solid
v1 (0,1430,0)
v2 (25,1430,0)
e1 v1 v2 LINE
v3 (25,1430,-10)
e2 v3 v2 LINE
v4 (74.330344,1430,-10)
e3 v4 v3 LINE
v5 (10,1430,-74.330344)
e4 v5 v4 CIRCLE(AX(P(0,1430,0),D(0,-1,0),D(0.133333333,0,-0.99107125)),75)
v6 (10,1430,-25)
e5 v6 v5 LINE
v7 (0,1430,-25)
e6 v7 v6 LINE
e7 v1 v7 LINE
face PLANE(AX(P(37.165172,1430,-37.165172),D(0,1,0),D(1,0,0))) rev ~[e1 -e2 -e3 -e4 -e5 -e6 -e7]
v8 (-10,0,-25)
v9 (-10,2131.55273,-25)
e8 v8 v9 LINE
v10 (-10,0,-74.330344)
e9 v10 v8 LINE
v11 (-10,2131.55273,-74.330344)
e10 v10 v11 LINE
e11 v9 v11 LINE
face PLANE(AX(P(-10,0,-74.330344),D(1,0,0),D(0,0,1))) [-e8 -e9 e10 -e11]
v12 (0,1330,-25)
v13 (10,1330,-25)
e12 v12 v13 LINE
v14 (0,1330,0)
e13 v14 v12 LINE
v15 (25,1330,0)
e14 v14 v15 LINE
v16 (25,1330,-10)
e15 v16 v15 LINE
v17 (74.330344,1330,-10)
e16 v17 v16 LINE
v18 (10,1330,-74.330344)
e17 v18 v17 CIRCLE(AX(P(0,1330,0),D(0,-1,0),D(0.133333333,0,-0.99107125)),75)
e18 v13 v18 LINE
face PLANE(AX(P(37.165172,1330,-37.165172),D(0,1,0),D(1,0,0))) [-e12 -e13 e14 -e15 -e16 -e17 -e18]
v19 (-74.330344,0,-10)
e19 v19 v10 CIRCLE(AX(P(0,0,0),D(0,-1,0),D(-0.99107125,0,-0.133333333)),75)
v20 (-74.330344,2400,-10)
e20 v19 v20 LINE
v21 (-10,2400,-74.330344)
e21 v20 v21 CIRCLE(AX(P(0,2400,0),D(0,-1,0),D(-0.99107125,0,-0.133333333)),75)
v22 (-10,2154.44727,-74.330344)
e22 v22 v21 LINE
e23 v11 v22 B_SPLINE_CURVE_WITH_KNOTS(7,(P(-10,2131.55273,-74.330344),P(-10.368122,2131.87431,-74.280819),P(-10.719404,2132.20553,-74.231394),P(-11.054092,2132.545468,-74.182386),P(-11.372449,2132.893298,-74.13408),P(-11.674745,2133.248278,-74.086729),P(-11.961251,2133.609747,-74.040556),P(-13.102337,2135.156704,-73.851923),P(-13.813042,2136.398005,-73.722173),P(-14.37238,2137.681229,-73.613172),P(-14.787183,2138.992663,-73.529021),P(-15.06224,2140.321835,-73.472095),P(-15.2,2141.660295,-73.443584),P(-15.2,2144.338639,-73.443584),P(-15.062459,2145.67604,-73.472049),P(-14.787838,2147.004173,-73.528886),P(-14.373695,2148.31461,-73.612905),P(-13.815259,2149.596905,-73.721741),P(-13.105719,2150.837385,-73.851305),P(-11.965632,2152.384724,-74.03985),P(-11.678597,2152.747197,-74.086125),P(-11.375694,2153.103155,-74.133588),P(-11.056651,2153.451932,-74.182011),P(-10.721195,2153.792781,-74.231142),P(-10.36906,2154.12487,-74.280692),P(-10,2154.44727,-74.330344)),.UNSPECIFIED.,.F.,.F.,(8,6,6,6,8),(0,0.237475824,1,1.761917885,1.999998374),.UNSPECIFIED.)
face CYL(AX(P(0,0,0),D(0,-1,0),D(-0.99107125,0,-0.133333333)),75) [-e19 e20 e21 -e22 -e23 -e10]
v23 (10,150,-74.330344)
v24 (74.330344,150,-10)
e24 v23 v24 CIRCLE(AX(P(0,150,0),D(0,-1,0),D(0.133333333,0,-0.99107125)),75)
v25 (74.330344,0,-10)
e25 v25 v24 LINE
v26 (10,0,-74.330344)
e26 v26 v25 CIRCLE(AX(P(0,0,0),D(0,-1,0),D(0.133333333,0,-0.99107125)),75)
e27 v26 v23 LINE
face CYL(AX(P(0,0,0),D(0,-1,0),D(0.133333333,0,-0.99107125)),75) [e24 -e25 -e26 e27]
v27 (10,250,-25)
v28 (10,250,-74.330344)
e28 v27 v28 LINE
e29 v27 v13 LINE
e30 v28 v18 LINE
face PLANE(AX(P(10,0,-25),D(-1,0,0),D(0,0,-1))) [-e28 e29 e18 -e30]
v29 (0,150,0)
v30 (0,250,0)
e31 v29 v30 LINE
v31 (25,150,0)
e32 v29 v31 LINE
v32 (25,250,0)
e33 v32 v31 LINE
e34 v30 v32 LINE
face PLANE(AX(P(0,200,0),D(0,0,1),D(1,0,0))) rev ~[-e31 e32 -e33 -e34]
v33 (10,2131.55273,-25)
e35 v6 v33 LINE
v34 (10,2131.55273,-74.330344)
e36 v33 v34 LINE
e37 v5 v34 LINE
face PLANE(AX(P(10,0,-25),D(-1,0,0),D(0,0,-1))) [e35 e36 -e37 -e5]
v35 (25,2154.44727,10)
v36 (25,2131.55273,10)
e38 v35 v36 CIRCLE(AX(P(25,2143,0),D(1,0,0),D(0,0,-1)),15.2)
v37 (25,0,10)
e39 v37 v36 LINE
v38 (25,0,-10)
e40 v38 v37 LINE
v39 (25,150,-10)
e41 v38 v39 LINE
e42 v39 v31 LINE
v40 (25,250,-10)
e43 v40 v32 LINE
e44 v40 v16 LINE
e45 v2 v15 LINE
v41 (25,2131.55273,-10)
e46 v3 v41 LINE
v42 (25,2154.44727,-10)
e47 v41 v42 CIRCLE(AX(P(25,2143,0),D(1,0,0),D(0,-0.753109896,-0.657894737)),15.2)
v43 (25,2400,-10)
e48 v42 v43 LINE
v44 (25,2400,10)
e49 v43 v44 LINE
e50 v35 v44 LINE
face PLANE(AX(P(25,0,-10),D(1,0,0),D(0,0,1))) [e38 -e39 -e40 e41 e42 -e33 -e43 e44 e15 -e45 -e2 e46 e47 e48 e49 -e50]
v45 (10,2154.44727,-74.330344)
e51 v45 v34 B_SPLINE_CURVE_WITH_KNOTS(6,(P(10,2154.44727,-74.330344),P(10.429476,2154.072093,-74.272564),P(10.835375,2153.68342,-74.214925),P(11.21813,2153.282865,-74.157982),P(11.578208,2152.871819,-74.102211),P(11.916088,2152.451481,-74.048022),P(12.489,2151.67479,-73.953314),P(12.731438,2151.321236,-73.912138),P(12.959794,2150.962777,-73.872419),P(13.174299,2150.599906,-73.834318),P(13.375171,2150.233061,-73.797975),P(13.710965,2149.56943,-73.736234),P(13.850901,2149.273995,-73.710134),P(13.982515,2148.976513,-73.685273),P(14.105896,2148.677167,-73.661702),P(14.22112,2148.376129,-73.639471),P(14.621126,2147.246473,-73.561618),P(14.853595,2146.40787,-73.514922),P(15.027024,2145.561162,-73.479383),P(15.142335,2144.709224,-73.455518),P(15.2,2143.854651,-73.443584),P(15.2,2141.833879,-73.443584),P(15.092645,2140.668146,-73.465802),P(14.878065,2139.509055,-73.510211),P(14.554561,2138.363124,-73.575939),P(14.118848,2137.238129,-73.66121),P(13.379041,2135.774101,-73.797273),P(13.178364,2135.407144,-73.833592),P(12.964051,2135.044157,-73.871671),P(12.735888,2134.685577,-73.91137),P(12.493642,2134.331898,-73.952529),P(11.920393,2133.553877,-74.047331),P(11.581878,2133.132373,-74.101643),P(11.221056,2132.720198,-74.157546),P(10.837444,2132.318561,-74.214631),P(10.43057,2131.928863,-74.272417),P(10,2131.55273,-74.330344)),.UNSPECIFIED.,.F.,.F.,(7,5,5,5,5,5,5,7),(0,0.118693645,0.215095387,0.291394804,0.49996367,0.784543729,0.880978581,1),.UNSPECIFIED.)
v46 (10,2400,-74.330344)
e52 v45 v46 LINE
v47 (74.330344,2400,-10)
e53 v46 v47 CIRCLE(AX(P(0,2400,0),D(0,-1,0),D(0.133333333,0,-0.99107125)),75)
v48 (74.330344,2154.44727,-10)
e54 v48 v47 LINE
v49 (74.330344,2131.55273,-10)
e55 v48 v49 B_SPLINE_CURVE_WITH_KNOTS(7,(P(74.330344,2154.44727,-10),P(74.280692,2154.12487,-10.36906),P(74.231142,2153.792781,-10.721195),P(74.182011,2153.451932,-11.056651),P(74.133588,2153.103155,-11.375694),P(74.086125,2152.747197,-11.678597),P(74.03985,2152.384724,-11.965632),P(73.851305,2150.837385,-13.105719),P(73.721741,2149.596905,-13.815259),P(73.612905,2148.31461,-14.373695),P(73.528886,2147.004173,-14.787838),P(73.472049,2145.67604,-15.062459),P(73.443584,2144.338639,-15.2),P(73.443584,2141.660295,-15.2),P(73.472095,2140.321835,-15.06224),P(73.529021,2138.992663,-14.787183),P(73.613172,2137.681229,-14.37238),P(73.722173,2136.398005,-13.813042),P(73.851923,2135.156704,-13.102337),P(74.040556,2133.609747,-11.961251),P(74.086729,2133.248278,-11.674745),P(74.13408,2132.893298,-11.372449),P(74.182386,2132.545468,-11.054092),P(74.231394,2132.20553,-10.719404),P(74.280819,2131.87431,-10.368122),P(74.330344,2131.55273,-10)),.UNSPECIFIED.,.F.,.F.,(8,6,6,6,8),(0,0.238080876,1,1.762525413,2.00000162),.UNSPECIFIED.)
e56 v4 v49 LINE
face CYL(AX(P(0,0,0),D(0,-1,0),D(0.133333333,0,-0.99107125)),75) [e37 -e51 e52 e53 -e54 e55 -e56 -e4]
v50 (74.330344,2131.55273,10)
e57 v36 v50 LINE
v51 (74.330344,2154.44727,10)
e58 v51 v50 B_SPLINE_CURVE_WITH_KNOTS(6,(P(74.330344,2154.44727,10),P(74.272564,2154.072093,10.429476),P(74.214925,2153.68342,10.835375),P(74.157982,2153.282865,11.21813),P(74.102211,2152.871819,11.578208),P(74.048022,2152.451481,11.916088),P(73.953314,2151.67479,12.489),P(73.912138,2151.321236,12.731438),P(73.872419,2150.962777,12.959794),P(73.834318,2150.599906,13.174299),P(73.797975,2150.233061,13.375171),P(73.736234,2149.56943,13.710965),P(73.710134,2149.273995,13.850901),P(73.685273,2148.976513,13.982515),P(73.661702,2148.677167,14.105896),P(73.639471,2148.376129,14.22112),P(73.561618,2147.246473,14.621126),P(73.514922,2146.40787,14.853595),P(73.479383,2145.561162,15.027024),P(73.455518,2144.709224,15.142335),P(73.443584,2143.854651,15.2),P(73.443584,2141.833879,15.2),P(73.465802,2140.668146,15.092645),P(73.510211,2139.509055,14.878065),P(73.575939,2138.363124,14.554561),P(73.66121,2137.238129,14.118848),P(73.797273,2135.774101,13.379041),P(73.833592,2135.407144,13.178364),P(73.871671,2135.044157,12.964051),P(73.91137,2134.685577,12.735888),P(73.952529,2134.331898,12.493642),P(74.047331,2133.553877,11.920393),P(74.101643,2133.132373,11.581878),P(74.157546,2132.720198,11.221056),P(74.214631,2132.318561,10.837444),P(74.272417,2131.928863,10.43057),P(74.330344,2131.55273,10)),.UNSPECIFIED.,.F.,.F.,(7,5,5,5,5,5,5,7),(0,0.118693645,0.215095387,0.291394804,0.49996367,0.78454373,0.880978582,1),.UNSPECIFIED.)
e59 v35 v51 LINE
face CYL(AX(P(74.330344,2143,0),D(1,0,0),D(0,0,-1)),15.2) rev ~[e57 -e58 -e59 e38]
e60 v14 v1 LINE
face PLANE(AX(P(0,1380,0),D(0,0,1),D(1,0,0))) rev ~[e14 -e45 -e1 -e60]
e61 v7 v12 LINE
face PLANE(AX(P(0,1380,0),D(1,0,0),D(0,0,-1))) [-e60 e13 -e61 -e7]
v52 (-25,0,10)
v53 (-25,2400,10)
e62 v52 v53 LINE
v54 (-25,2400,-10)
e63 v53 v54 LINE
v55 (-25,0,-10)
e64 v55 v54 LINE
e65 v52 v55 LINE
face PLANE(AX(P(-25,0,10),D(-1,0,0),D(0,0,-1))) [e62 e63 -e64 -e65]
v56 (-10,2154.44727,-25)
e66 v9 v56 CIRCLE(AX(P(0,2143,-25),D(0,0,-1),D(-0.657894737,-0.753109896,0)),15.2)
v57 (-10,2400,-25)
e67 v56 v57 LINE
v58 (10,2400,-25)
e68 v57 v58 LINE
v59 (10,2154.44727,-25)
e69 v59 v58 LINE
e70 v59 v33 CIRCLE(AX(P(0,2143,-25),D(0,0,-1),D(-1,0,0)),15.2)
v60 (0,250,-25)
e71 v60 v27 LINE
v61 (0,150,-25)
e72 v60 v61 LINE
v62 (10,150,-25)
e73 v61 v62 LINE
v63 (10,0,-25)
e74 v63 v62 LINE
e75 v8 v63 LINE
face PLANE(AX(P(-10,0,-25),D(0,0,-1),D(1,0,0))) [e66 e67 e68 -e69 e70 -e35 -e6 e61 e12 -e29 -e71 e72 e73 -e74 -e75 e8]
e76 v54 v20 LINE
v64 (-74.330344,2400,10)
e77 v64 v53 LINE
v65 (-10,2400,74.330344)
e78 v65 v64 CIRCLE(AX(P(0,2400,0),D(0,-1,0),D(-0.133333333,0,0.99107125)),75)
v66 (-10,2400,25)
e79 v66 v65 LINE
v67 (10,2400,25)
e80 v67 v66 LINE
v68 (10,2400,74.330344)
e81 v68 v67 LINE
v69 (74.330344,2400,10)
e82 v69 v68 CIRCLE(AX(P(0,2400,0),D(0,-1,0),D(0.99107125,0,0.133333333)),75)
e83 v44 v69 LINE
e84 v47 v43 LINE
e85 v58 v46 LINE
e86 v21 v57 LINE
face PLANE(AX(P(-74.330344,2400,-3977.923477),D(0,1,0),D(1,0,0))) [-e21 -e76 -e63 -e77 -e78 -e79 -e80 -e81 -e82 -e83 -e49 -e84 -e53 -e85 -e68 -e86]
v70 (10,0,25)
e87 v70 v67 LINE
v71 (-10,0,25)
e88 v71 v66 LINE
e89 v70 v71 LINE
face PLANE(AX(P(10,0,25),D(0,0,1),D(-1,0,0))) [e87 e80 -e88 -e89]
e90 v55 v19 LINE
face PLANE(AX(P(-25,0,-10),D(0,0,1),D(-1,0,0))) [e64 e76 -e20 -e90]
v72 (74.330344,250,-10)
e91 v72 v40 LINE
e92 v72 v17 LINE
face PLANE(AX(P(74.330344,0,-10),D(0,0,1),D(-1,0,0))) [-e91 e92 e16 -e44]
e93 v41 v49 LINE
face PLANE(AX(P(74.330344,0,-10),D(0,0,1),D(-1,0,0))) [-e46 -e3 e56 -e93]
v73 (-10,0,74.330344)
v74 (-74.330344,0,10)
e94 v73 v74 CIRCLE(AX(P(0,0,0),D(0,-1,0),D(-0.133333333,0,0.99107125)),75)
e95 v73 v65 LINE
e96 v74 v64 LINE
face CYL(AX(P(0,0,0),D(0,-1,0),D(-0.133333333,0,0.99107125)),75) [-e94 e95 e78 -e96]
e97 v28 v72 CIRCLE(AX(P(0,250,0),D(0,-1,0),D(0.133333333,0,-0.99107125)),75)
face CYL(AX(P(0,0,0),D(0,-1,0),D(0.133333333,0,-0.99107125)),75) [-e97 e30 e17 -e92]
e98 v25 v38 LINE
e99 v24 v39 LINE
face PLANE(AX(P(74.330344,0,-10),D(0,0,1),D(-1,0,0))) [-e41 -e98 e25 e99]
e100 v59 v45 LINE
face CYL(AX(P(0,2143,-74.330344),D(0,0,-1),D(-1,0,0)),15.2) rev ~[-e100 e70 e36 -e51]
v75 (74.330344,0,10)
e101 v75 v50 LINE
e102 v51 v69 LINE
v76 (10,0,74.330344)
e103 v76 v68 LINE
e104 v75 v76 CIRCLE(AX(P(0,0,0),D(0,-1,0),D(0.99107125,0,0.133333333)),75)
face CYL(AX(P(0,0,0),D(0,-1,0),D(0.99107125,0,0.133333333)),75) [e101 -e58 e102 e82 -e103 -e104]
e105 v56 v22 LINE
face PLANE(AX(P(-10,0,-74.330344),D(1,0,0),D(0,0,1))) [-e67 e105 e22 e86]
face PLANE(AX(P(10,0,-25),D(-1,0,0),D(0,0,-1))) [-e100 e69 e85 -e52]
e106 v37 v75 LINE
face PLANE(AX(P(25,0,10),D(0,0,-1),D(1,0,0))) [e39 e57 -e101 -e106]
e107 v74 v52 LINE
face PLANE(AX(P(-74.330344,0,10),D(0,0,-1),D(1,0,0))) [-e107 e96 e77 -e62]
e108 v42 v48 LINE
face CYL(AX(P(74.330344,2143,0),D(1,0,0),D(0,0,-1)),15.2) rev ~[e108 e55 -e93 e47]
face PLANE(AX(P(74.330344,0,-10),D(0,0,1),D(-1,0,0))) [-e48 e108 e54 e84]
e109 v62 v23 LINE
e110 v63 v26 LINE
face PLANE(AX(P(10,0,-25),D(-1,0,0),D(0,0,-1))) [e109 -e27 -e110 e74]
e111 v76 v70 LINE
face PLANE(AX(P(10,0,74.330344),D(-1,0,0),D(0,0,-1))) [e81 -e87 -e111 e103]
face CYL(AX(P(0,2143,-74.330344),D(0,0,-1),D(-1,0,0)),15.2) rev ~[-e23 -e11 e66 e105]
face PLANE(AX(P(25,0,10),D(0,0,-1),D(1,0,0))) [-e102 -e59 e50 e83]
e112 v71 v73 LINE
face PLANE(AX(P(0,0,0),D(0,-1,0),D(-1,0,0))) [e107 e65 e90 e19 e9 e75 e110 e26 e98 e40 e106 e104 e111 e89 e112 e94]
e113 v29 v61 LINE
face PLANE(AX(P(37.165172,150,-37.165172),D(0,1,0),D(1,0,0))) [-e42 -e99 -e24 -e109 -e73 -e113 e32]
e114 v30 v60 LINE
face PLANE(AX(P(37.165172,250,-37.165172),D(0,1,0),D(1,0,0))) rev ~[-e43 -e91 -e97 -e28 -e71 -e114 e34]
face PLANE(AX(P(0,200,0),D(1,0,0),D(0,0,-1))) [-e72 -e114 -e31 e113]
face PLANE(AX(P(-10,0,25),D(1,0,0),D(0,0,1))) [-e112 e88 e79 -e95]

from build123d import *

# Parameters (mm, degrees)
BOSS_EXTRUDE2_DEPTH     = 4000
CUT_EXTRUDE1_START      = 200
SKETCH2_W               = 74.330343737
SKETCH2_H               = 74.330343737
CUT_EXTRUDE1_DEPTH      = 50
CUT_EXTRUDE2_START      = 1380
SKETCH2_2_W             = 74.330343737
SKETCH2_2_H             = 74.330343737
CUT_EXTRUDE2_DEPTH      = 50
SKETCH3_R               = 15.2
CUT_EXTRUDE3_DEPTH      = 49.330343737
SKETCH4_R               = 15.2
CUT_EXTRUDE4_DEPTH      = 49.330343737
CUT_EXTRUDE5_DEPTH      = 4002.923477282
CUT_EXTRUDE5_DEPTH_BACK = 4002.923477282
SKETCH5_W               = 148.660687474
SKETCH5_H               = 1600


with BuildPart() as part:
    # Sketch1 → Boss-Extrude2 (new body)
    with BuildSketch(Plane(origin=(0, 0, 0), x_dir=(1, 0, 0), z_dir=(0, 1, 0))):
        with BuildLine():
            Line((-10, 74.330343737), (-10, 25))
            Line((-10, 25), (10, 25))
            Line((10, 25), (10, 74.330343737))
            ThreePointArc((10, 74.330343737), (53.033008589, 53.033008589), (74.330343737, 10))
            Line((74.330343737, 10), (25, 10))
            Line((25, 10), (25, -10))
            Line((25, -10), (74.330343737, -10))
            ThreePointArc((74.330343737, -10), (53.033008589, -53.033008589), (10, -74.330343737))
            Line((10, -74.330343737), (10, -25))
            Line((10, -25), (-10, -25))
            Line((-10, -25), (-10, -74.330343737))
            ThreePointArc((-10, -74.330343737), (-53.033008589, -53.033008589), (-74.330343737, -10))
            Line((-74.330343737, -10), (-25, -10))
            Line((-25, -10), (-25, 10))
            Line((-25, 10), (-74.330343737, 10))
            ThreePointArc((-74.330343737, 10), (-53.033008589, 53.033008589), (-10, 74.330343737))
        make_face()
    extrude(amount=BOSS_EXTRUDE2_DEPTH)

    # Sketch2 → Cut-Extrude1 (cut, symmetric)
    with BuildSketch(Plane(origin=(0, 0, 0), x_dir=(1, 0, 0), z_dir=(0, 1, 0)).offset(CUT_EXTRUDE1_START)):
        with Locations((37.165171869, 37.165171869)):
            Rectangle(SKETCH2_W, SKETCH2_H)
    extrude(amount=CUT_EXTRUDE1_DEPTH, both=True, mode=Mode.SUBTRACT)

    # Sketch2<2> → Cut-Extrude2 (cut, symmetric)
    with BuildSketch(Plane(origin=(0, 0, 0), x_dir=(1, 0, 0), z_dir=(0, 1, 0)).offset(CUT_EXTRUDE2_START)):
        with Locations((37.165171869, 37.165171869)):
            Rectangle(SKETCH2_2_W, SKETCH2_2_H)
    extrude(amount=CUT_EXTRUDE2_DEPTH, both=True, mode=Mode.SUBTRACT)

    # Sketch3 → Cut-Extrude3 (cut)
    with BuildSketch(Plane(origin=(74.330343737, 0, 0), x_dir=(0, 0, -1), z_dir=(1, 0, 0))):
        with Locations((0, 2143)):
            Circle(SKETCH3_R)
    extrude(amount=-CUT_EXTRUDE3_DEPTH, mode=Mode.SUBTRACT)

    # Sketch4 → Cut-Extrude4 (cut)
    with BuildSketch(Plane(origin=(0, 0, -74.330343737), x_dir=(-1, 0, 0), z_dir=(0, 0, -1))):
        with Locations((0, 2143)):
            Circle(SKETCH4_R)
    extrude(amount=-CUT_EXTRUDE4_DEPTH, mode=Mode.SUBTRACT)

    # Sketch5 → Cut-Extrude5 (cut, two sides: drawn at the far end of the back side and taken through both)
    with BuildSketch(Plane.XY.offset(25).offset(-CUT_EXTRUDE5_DEPTH_BACK)):
        with Locations((0, 3200)):
            Rectangle(SKETCH5_W, SKETCH5_H)
    extrude(amount=CUT_EXTRUDE5_DEPTH + CUT_EXTRUDE5_DEPTH_BACK, mode=Mode.SUBTRACT)


solid = part.part
